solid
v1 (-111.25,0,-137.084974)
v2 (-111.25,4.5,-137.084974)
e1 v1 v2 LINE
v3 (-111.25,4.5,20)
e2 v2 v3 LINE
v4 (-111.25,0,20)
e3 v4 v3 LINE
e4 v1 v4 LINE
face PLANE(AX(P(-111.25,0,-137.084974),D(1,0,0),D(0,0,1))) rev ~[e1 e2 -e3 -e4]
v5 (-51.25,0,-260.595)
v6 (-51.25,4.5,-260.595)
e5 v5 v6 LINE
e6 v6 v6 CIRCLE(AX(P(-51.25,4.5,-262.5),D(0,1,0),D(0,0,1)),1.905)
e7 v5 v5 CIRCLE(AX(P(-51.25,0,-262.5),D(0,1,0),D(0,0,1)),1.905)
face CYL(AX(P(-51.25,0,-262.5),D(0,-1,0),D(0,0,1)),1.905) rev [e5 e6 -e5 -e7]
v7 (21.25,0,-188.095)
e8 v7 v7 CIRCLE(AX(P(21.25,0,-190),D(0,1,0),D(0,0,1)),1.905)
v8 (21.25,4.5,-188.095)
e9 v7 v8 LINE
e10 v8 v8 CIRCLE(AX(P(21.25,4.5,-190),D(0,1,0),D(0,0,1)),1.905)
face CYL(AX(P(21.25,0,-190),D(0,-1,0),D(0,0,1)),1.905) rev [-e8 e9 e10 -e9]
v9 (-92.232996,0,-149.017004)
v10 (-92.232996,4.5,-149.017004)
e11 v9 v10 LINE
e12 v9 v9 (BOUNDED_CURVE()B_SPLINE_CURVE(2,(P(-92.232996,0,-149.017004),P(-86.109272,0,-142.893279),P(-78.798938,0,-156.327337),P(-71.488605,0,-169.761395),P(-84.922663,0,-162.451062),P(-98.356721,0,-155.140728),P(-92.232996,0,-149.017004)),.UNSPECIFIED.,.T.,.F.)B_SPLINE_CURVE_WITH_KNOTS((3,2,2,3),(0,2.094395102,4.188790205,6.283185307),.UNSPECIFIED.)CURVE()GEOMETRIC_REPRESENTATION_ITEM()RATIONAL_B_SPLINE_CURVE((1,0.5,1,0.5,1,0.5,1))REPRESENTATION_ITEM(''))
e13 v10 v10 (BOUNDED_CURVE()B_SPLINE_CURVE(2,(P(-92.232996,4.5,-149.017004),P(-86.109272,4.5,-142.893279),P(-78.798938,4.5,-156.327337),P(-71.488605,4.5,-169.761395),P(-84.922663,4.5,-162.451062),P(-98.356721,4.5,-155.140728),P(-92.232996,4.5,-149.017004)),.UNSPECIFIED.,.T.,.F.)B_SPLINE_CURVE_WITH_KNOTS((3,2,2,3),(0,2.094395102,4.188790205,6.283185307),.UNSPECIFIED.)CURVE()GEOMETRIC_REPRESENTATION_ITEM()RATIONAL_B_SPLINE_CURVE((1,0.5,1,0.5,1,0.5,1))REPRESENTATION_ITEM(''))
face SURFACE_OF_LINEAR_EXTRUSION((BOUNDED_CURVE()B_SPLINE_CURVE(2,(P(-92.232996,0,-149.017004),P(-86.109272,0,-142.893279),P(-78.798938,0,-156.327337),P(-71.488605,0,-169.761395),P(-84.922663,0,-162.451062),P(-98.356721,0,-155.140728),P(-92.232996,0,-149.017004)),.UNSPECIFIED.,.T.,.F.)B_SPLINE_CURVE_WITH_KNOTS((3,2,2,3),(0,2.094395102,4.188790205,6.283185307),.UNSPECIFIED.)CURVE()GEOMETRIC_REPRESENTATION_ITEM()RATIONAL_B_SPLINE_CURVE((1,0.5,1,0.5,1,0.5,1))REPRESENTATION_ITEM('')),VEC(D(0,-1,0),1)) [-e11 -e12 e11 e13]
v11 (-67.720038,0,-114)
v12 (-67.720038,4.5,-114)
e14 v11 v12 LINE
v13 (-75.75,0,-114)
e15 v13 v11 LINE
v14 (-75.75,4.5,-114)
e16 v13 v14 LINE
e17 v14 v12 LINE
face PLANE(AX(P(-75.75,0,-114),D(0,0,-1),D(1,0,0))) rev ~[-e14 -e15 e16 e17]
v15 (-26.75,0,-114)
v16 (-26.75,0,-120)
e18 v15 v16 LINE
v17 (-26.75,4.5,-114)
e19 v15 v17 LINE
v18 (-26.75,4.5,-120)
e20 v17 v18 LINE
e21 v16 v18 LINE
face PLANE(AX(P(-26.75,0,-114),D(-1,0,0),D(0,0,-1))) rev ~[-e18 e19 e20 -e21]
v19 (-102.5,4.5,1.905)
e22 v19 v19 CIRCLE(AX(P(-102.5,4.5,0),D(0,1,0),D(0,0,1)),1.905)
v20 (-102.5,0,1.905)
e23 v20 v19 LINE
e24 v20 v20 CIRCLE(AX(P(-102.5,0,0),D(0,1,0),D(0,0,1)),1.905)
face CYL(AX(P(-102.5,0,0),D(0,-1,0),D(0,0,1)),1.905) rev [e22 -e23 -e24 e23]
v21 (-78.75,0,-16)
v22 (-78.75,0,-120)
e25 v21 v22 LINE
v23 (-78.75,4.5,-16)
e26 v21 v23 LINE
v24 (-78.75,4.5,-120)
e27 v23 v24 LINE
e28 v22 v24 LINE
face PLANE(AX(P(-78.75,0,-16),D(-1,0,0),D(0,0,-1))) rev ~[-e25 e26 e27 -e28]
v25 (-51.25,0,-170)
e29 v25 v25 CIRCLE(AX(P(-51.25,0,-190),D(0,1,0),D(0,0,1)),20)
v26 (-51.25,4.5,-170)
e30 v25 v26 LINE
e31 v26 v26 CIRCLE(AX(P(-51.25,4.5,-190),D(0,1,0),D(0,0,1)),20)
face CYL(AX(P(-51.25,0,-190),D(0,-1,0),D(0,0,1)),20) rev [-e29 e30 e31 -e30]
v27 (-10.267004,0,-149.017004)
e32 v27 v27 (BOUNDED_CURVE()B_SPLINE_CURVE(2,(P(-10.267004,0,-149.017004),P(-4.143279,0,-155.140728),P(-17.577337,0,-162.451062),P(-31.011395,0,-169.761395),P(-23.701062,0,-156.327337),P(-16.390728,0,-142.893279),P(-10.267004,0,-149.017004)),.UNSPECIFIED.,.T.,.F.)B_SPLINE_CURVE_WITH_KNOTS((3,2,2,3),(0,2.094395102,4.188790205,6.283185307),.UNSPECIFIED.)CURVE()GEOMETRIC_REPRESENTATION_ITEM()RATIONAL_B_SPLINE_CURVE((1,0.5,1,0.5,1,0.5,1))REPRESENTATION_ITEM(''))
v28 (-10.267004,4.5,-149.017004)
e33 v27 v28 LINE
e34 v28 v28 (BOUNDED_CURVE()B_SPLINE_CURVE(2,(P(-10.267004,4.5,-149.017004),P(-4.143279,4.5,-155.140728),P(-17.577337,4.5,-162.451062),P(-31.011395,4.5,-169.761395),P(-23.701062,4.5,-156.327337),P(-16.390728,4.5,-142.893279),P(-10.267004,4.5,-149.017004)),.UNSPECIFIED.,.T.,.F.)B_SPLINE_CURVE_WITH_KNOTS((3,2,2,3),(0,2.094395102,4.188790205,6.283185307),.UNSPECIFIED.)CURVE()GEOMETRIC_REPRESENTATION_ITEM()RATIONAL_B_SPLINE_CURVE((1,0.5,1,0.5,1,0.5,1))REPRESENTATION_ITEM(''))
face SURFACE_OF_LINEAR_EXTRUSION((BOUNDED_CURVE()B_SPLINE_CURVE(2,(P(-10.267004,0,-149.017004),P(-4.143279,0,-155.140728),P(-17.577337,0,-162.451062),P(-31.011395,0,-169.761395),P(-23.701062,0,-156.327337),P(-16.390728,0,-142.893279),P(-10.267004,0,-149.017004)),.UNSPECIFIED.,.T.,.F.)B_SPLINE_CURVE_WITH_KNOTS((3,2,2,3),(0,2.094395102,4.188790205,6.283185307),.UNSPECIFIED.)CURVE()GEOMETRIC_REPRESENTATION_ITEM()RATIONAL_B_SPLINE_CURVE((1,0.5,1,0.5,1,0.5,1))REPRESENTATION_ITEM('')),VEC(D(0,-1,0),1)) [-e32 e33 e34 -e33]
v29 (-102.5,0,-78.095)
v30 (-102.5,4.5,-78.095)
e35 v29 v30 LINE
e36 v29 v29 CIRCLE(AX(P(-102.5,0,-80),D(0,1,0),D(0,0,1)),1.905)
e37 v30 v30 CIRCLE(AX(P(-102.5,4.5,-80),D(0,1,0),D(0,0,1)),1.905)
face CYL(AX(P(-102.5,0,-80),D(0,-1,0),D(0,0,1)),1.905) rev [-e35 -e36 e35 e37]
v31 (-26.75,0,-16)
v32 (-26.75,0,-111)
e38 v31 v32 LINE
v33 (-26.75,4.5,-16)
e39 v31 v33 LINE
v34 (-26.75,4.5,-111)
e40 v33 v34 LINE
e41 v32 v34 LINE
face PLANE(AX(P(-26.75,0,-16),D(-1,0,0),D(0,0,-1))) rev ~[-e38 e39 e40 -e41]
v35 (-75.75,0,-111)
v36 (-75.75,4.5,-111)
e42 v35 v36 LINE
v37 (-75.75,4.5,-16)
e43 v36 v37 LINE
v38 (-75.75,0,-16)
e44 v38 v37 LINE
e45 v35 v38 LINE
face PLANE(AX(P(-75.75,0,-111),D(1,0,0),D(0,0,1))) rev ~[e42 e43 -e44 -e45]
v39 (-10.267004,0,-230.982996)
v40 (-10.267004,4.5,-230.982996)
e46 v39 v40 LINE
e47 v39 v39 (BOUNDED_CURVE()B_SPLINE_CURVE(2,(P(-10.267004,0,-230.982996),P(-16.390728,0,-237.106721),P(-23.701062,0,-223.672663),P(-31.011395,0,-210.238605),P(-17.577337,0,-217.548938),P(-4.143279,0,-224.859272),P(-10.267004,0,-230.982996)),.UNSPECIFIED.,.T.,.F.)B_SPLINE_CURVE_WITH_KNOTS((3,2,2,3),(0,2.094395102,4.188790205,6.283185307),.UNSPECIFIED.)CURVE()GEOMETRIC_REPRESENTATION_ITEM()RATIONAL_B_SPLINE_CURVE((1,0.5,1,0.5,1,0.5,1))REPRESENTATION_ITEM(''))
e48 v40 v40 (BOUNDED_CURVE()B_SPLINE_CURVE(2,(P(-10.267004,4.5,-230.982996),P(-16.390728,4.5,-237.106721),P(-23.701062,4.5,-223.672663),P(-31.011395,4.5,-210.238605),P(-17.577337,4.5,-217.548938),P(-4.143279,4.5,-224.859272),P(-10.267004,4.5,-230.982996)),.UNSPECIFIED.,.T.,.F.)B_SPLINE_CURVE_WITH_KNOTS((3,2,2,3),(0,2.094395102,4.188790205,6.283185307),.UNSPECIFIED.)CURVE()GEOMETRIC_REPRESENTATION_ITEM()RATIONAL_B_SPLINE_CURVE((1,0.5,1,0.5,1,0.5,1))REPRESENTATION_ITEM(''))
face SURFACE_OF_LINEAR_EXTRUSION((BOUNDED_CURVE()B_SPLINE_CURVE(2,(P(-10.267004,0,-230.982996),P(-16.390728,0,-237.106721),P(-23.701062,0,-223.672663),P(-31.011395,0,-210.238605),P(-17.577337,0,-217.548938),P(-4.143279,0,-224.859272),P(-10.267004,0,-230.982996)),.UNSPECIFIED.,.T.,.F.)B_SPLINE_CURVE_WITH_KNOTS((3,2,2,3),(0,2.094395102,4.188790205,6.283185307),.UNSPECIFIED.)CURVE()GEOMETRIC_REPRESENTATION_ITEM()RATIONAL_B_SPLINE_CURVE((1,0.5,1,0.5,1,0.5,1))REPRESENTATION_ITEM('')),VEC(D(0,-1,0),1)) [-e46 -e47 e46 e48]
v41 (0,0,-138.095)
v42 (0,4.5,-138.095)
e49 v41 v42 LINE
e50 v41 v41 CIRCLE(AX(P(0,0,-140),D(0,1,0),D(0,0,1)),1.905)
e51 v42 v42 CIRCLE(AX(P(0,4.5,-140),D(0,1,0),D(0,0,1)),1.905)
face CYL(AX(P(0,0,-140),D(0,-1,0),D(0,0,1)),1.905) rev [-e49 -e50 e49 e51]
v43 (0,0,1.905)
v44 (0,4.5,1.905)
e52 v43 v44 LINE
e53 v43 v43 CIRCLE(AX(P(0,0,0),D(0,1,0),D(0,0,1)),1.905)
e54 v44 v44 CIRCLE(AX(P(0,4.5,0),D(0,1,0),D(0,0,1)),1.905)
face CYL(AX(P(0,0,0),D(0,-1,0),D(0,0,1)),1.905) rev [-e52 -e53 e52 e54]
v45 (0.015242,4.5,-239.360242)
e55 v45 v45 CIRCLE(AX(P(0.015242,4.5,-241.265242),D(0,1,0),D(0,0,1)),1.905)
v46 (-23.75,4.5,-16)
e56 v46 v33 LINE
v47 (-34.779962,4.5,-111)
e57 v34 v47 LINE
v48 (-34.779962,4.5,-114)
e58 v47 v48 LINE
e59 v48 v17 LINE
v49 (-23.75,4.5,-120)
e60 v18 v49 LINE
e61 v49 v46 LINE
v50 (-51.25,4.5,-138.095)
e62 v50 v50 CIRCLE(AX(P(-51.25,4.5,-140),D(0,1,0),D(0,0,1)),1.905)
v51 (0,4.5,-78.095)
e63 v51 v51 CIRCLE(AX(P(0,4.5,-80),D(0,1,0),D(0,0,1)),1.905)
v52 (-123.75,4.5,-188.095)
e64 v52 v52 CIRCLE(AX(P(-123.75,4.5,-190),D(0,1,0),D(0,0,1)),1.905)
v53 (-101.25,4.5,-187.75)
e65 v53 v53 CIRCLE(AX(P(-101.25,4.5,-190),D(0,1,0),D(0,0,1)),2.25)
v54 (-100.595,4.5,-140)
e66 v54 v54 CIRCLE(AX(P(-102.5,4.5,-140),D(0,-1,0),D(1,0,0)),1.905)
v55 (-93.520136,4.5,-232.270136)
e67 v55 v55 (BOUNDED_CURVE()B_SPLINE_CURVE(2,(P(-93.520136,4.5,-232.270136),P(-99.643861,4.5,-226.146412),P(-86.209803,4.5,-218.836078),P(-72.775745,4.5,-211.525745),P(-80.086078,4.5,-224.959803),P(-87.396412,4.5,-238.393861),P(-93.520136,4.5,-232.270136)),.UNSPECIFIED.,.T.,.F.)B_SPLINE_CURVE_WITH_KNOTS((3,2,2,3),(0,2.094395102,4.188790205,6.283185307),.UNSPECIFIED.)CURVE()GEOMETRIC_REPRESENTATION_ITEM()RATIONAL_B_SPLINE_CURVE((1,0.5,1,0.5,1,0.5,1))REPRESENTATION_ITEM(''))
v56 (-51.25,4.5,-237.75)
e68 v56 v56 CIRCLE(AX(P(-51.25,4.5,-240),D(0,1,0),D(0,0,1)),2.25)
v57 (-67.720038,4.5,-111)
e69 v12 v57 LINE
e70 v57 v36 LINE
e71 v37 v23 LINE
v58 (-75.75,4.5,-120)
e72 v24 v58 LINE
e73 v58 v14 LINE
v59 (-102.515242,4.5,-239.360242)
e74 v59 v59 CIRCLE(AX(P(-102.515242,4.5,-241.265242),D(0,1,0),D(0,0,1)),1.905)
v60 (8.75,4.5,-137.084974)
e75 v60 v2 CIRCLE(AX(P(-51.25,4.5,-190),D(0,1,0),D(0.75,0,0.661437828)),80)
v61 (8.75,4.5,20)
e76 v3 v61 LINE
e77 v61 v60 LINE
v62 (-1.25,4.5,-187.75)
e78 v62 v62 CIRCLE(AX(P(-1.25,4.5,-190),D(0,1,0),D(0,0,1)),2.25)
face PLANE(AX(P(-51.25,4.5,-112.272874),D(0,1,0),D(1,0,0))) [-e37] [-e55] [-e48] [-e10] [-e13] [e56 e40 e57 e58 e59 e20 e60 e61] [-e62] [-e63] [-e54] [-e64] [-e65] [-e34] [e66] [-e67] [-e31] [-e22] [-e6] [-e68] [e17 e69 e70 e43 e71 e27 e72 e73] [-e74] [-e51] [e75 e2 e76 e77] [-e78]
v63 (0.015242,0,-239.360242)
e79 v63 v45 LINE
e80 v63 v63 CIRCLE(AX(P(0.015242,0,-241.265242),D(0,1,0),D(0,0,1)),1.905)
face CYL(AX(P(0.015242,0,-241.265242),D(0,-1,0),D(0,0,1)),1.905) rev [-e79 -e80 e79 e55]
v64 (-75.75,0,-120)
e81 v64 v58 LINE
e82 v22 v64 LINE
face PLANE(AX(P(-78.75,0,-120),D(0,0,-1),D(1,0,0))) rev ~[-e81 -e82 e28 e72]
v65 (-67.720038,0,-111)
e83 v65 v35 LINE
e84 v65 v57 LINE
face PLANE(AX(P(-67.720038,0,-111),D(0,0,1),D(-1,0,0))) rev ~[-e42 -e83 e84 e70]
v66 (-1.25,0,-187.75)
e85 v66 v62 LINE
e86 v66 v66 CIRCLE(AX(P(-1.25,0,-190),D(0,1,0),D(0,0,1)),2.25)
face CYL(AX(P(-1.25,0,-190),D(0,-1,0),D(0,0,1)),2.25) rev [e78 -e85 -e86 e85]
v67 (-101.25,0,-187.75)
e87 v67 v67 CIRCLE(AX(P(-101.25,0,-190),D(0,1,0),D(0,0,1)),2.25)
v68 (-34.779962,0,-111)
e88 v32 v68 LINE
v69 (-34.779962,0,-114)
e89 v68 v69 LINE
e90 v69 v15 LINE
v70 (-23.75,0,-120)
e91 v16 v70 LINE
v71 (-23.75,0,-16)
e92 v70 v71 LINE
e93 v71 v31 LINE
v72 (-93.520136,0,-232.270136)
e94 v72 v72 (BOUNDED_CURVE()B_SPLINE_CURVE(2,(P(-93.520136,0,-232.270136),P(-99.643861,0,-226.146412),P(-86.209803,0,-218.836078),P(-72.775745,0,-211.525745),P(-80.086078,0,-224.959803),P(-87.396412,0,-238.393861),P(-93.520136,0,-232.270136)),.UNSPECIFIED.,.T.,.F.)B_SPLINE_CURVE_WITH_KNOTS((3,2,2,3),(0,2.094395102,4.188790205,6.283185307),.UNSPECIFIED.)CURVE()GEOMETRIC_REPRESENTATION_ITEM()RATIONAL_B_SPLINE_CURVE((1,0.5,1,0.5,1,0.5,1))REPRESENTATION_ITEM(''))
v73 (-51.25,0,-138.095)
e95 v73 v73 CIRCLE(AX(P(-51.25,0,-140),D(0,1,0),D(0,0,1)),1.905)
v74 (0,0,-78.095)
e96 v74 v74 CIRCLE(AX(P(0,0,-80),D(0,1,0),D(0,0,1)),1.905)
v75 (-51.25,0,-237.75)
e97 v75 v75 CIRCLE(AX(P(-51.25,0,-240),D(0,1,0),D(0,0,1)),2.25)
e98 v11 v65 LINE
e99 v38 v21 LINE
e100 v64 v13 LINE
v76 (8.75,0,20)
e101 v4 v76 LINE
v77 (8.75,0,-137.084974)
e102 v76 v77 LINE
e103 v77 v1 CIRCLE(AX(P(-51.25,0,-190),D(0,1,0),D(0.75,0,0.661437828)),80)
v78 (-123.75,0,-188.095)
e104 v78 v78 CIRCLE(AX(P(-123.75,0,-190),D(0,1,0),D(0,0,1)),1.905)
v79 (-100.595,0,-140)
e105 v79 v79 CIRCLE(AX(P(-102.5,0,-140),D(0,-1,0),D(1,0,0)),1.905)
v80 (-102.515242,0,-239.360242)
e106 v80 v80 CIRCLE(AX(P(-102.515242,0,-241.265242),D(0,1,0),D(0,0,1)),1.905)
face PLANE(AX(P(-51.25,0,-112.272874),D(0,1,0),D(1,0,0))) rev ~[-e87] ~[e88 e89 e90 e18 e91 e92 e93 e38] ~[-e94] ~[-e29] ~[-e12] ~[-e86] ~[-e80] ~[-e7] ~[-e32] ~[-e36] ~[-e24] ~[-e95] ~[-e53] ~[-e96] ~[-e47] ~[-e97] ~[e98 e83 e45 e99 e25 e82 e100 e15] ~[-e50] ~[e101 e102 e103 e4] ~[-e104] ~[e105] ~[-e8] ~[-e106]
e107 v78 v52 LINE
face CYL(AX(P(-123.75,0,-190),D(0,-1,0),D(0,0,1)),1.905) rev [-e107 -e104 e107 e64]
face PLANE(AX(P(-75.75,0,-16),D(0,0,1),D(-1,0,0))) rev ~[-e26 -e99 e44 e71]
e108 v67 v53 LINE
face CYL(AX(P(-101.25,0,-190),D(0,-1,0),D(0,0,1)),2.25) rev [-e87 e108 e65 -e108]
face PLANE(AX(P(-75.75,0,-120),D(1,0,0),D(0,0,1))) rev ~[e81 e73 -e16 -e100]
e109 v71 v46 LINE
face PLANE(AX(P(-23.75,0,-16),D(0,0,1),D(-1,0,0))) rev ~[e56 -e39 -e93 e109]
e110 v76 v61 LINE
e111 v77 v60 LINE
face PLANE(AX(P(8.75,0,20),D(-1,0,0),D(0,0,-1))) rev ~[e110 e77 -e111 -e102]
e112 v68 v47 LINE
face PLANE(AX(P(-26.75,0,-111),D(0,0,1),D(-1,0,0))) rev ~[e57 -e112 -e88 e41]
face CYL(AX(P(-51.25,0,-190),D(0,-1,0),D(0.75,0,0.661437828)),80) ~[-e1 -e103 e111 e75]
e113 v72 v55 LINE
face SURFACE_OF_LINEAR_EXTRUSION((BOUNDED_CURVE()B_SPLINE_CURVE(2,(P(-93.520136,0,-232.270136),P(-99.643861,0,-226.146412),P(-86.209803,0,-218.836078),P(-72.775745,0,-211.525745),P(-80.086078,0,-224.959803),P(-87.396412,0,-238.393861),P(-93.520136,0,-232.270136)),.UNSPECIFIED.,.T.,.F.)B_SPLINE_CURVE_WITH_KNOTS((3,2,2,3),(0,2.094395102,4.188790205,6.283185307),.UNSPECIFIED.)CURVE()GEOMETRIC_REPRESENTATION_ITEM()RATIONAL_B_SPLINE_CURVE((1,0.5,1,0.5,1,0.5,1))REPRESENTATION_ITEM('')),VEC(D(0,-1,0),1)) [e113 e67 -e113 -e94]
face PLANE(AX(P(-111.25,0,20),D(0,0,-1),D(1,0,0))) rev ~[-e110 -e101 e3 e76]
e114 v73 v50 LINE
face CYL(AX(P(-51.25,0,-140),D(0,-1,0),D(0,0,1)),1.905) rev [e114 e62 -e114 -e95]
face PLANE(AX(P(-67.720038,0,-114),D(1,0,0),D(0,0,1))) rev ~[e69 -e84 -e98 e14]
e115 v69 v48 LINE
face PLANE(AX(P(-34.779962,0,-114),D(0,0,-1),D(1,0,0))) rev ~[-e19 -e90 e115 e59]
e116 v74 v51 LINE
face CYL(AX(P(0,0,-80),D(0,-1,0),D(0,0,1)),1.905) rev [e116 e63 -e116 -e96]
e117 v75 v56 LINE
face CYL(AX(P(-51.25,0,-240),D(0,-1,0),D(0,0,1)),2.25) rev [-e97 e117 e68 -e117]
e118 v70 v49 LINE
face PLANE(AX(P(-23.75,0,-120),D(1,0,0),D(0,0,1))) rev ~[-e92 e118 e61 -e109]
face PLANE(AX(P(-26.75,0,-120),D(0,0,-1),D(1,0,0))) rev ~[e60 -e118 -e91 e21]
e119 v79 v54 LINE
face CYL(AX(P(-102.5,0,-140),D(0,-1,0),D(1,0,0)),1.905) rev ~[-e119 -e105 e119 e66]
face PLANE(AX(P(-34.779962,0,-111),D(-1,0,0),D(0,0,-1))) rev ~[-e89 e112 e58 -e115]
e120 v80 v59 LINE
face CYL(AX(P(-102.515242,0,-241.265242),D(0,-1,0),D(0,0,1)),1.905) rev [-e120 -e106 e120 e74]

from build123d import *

# Parameters (mm, degrees)
SKETCH1_R           = 1.905
SKETCH1_R_2         = 2.25
SKETCH1_R_3         = 20
BOSS_EXTRUDE1_DEPTH = 4.5


with BuildPart() as part:
    # Sketch1 → Boss-Extrude1 (new body)
    with BuildSketch(Plane(origin=(0, 0, 0), x_dir=(1, 0, 0), z_dir=(0, 1, 0))):
        with BuildLine():
            ThreePointArc((8.75, 137.084973779), (-51.25, 270), (-111.25, 137.084973779))
            Line((-111.25, 137.084973779), (-111.25, -20))
            Line((-111.25, -20), (8.75, -20))
            Line((8.75, -20), (8.75, 137.084973779))
        make_face()
        Polygon((-23.75, 120), (-23.75, 16), (-26.75, 16), (-26.75, 111), (-34.779961709, 111), (-34.779961709, 114), (-26.75, 114), (-26.75, 120), align=None, mode=Mode.SUBTRACT)
        Polygon((-67.720038291, 114), (-67.720038291, 111), (-75.75, 111), (-75.75, 16), (-78.75, 16), (-78.75, 120), (-75.75, 120), (-75.75, 114), align=None, mode=Mode.SUBTRACT)
        with BuildLine():
            ThreePointArc((-104.405, 140), (-102.5, 141.905), (-100.595, 140))
            ThreePointArc((-100.595, 140), (-102.5, 138.095), (-104.405, 140))
        make_face(mode=Mode.SUBTRACT)
        with Locations(Location((-51.25, 140, 0), (0, 0, 270))):
            Circle(SKETCH1_R, mode=Mode.SUBTRACT)
        with BuildLine():
            add(Edge.make_bspline(
                [(-92.232996185, 149.017003815), (-86.109271828, 142.893279458), (-78.798938187, 156.327337456), (-71.488604545, 169.761395455), (-84.922662544, 162.451061813), (-98.356720542, 155.140728172), (-92.232996185, 149.017003815)],
                knots=[0, 0, 0, 2.094395102, 2.094395102, 4.188790205, 4.188790205, 6.283185307, 6.283185307, 6.283185307], degree=2, weights=[1, 0.5, 1, 0.5, 1, 0.5, 1]))
        make_face(mode=Mode.SUBTRACT)
        with Locations(Location((-123.75, 190, 0), (0, 0, 270))):
            Circle(SKETCH1_R, mode=Mode.SUBTRACT)
        with Locations(Location((-101.25, 190, 0), (0, 0, 270))):
            Circle(SKETCH1_R_2, mode=Mode.SUBTRACT)
        with Locations(Location((-51.25, 190, 0), (0, 0, 270))):
            Circle(SKETCH1_R_3, mode=Mode.SUBTRACT)
        with BuildLine():
            add(Edge.make_bspline(
                [(-10.267003815, 149.017003815), (-4.143279458, 155.140728172), (-17.577337456, 162.451061813), (-31.011395455, 169.761395455), (-23.701061813, 156.327337456), (-16.390728172, 142.893279458), (-10.267003815, 149.017003815)],
                knots=[0, 0, 0, 2.094395102, 2.094395102, 4.188790205, 4.188790205, 6.283185307, 6.283185307, 6.283185307], degree=2, weights=[1, 0.5, 1, 0.5, 1, 0.5, 1]))
        make_face(mode=Mode.SUBTRACT)
        with Locations(Location((0, 140, 0), (0, 0, 270))):
            Circle(SKETCH1_R, mode=Mode.SUBTRACT)
        with Locations(Location((-1.25, 190, 0), (0, 0, 270))):
            Circle(SKETCH1_R_2, mode=Mode.SUBTRACT)
        with Locations(Location((21.25, 190, 0), (0, 0, 270))):
            Circle(SKETCH1_R, mode=Mode.SUBTRACT)
        with BuildLine():
            add(Edge.make_bspline(
                [(-93.520136273, 232.270136273), (-99.64386063, 226.146411916), (-86.209802631, 218.836078274), (-72.775744633, 211.525744633), (-80.086078274, 224.959802631), (-87.396411916, 238.39386063), (-93.520136273, 232.270136273)],
                knots=[0, 0, 0, 2.094395102, 2.094395102, 4.188790205, 4.188790205, 6.283185307, 6.283185307, 6.283185307], degree=2, weights=[1, 0.5, 1, 0.5, 1, 0.5, 1]))
        make_face(mode=Mode.SUBTRACT)
        with Locations(Location((-102.515241636, 241.265241636, 0), (0, 0, 270))):
            Circle(SKETCH1_R, mode=Mode.SUBTRACT)
        with Locations(Location((-51.25, 240, 0), (0, 0, 270))):
            Circle(SKETCH1_R_2, mode=Mode.SUBTRACT)
        with BuildLine():
            add(Edge.make_bspline(
                [(-10.267003815, 230.982996185), (-16.390728172, 237.106720542), (-23.701061813, 223.672662544), (-31.011395455, 210.238604545), (-17.577337456, 217.548938187), (-4.143279458, 224.859271828), (-10.267003815, 230.982996185)],
                knots=[0, 0, 0, 2.094395102, 2.094395102, 4.188790205, 4.188790205, 6.283185307, 6.283185307, 6.283185307], degree=2, weights=[1, 0.5, 1, 0.5, 1, 0.5, 1]))
        make_face(mode=Mode.SUBTRACT)
        with Locations(Location((-51.25, 262.5, 0), (0, 0, 270))):
            Circle(SKETCH1_R, mode=Mode.SUBTRACT)
        with Locations(Location((0.015241636, 241.265241636, 0), (0, 0, 270))):
            Circle(SKETCH1_R, mode=Mode.SUBTRACT)
        with Locations(Location((0, 80, 0), (0, 0, 270))):
            Circle(SKETCH1_R, mode=Mode.SUBTRACT)
        with Locations(Location((-102.5, 80, 0), (0, 0, 270))):
            Circle(SKETCH1_R, mode=Mode.SUBTRACT)
        with Locations(Location((0, 0, 0), (0, 0, 270))):
            Circle(SKETCH1_R, mode=Mode.SUBTRACT)
        with Locations(Location((-102.5, 0, 0), (0, 0, 270))):
            Circle(SKETCH1_R, mode=Mode.SUBTRACT)
    extrude(amount=BOSS_EXTRUDE1_DEPTH)


solid = part.part
